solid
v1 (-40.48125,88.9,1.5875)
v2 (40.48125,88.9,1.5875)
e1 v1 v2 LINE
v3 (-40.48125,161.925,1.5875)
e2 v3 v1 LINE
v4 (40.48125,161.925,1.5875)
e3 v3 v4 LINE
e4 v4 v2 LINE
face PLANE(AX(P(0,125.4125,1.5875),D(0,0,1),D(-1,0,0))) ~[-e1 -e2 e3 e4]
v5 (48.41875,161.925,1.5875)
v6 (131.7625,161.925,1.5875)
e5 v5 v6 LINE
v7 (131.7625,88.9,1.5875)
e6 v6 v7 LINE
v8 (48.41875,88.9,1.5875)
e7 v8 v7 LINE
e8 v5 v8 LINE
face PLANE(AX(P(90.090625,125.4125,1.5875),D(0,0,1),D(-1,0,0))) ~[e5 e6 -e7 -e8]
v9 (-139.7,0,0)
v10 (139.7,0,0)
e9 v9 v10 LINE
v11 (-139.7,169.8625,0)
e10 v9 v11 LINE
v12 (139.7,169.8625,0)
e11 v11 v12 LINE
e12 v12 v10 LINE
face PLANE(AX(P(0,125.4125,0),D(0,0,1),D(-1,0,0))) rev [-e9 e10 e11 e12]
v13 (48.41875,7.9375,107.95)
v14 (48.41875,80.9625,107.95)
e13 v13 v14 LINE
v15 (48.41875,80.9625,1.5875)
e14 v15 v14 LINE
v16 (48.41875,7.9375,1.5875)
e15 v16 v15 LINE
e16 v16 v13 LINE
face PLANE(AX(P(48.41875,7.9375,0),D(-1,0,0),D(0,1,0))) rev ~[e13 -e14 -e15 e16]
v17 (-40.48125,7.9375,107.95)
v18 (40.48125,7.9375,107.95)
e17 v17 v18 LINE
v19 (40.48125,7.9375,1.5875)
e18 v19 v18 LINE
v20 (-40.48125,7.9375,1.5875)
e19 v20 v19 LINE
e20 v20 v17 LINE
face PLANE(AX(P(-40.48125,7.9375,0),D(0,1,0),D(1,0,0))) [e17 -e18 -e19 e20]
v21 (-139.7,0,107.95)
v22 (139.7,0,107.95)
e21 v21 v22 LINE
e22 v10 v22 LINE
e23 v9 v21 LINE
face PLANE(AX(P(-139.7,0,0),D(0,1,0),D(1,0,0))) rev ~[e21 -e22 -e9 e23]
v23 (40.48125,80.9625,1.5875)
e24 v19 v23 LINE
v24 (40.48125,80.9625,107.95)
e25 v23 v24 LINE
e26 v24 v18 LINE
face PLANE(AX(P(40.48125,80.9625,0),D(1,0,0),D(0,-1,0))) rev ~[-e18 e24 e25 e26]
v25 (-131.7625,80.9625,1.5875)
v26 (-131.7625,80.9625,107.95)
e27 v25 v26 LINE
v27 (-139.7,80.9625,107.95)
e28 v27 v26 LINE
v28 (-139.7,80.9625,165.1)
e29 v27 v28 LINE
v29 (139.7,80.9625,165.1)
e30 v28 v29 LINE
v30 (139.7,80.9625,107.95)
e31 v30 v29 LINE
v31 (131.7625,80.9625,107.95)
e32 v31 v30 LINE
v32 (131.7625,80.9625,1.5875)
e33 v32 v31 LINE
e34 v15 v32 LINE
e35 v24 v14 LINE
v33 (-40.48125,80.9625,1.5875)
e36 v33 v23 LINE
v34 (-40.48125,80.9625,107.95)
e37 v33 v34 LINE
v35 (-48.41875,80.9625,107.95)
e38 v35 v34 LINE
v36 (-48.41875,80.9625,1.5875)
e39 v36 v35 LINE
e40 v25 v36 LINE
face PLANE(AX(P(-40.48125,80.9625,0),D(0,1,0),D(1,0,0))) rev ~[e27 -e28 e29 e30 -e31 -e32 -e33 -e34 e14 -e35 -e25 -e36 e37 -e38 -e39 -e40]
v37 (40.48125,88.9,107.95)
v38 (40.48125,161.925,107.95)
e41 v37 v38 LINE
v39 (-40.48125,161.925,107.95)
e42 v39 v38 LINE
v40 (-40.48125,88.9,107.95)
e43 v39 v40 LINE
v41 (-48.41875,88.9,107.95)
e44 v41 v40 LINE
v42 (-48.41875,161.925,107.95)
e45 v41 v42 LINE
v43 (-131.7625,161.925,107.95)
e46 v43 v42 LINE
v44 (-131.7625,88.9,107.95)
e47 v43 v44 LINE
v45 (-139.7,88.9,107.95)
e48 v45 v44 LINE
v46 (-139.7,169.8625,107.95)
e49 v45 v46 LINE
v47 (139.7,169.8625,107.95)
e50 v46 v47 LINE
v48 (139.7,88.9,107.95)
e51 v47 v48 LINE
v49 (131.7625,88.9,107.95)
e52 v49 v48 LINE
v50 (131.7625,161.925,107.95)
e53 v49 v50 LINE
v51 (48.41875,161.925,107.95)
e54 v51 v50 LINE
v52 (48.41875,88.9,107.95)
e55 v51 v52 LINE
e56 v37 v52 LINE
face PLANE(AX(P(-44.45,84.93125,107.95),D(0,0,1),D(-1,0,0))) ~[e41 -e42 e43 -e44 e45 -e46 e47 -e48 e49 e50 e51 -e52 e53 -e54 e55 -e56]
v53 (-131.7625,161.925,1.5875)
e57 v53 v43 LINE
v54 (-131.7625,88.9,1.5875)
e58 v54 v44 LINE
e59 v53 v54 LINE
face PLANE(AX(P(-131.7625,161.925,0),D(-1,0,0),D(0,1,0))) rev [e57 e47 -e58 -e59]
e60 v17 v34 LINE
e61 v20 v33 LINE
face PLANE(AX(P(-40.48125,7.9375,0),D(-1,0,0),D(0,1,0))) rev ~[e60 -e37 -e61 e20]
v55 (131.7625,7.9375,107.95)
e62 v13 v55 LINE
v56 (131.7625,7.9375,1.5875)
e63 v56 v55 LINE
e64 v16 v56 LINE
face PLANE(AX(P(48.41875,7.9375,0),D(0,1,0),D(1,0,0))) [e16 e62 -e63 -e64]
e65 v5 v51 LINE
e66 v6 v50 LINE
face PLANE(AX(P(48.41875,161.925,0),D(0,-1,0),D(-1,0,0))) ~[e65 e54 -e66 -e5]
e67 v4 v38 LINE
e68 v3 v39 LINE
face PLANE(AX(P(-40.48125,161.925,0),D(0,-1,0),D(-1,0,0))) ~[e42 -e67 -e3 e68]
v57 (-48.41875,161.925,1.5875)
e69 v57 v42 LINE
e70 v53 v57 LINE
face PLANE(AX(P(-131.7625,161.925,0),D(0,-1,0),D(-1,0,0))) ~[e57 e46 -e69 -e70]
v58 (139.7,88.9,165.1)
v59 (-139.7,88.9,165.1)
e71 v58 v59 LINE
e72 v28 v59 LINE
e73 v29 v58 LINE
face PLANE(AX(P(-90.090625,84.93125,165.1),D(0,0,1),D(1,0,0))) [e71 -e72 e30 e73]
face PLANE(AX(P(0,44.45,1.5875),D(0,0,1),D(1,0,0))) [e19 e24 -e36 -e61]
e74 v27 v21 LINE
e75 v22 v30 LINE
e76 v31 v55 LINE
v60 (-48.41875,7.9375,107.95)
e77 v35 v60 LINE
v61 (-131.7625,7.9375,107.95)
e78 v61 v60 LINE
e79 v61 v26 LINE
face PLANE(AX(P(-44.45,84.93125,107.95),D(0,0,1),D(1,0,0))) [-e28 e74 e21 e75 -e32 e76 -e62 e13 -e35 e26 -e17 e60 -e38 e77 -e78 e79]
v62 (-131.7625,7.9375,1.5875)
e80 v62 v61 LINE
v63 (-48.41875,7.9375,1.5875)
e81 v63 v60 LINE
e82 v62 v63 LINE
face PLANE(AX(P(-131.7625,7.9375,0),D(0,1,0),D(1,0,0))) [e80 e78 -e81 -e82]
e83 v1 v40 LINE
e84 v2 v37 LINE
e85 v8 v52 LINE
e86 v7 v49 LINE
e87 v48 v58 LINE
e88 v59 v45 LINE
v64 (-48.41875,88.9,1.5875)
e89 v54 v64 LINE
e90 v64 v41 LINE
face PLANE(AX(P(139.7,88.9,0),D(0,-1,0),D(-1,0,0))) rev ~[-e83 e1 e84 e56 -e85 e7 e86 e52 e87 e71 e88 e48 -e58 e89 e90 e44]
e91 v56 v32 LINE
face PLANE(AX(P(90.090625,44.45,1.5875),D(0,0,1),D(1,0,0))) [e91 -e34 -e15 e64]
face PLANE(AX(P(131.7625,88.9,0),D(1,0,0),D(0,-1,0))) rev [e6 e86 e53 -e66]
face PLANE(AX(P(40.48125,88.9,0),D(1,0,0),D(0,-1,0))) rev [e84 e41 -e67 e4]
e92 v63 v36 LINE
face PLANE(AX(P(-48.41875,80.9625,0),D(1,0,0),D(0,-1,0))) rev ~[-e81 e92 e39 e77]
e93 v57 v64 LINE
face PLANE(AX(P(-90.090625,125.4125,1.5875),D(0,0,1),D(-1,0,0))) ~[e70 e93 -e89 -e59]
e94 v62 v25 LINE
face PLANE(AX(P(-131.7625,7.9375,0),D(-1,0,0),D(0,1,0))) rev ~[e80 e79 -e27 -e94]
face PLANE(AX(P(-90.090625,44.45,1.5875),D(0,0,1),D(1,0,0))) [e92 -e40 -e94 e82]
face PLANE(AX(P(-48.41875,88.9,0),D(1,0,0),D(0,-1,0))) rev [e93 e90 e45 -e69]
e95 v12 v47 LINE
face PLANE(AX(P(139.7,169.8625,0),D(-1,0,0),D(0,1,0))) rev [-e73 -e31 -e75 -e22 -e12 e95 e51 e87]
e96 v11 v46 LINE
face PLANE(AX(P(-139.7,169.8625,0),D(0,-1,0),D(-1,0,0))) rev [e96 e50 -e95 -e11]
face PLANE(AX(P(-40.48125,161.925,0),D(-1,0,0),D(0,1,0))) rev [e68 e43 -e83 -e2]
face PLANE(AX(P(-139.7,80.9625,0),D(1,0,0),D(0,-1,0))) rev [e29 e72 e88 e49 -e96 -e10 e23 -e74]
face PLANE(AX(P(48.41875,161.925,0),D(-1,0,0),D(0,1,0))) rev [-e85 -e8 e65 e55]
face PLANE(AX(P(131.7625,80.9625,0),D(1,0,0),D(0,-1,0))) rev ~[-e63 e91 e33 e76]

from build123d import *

# Parameters (mm, degrees)
F0_W     = 83.34375
F0_H     = 7.9375
F0_W_2   = 80.9625
F0_W_3   = 7.9375
F1_DEPTH = 165.1
F0_H_2   = 73.025
F2_DEPTH = 1.5875
F3_DEPTH = 107.95


with BuildPart() as f1:
    # F0 (on Top) → F1 (new body)
    with BuildSketch(Plane.XY):
        with Locations((-90.090625, 84.93125)):
            Rectangle(F0_W, F0_H)
        with Locations((0, 84.93125)):
            Rectangle(F0_W_2, F0_H)
        Polygon((-48.41875, 88.9), (-48.41875, 80.9625), (-40.48125, 80.9625), (-40.48125, 88.9), (-44.45, 88.9), align=None)
        with Locations((-135.73125, 84.93125)):
            Rectangle(F0_W_3, F0_H)
        Polygon((40.48125, 88.9), (40.48125, 80.9625), (48.41875, 80.9625), (48.41875, 88.9), (44.45, 88.9), align=None)
        with Locations((90.090625, 84.93125)):
            Rectangle(F0_W, F0_H)
        with Locations((135.73125, 84.93125)):
            Rectangle(F0_W_3, F0_H)
    extrude(amount=F1_DEPTH)


with BuildPart() as f2:
    # F0 (on Top) → F2 (new body)
    with BuildSketch(Plane.XY):
        with Locations((-90.090625, 44.45)):
            Rectangle(F0_W, F0_H_2)
    extrude(amount=F2_DEPTH)


with BuildPart() as f2b:
    # F0 (on Top) → F2, piece 2 (new body)
    with BuildSketch(Plane.XY):
        with Locations((0, 44.45)):
            Rectangle(F0_W_2, F0_H_2)
    extrude(amount=F2_DEPTH)


with BuildPart() as f2c:
    # F0 (on Top) → F2, piece 3 (new body)
    with BuildSketch(Plane.XY):
        with Locations((90.090625, 44.45)):
            Rectangle(F0_W, F0_H_2)
    extrude(amount=F2_DEPTH)


with BuildPart() as f3:
    # F0 (on Top) → F3 (new body)
    with BuildSketch(Plane.XY):
        Polygon((-48.41875, 88.9), (-48.41875, 80.9625), (-40.48125, 80.9625), (-40.48125, 88.9), (-44.45, 88.9), align=None)
        with Locations((-44.45, 44.45)):
            Rectangle(F0_W_3, F0_H_2)
        Polygon((-48.41875, 7.9375), (-48.41875, 0), (-44.45, 0), (-40.48125, 0), (-40.48125, 7.9375), align=None)
        Polygon((40.48125, 7.9375), (40.48125, 0), (44.45, 0), (48.41875, 0), (48.41875, 7.9375), align=None)
        with Locations((44.45, 44.45)):
            Rectangle(F0_W_3, F0_H_2)
        Polygon((40.48125, 88.9), (40.48125, 80.9625), (48.41875, 80.9625), (48.41875, 88.9), (44.45, 88.9), align=None)
        with Locations((135.73125, 44.45)):
            Rectangle(F0_W_3, F0_H_2)
        with Locations((-135.73125, 44.45)):
            Rectangle(F0_W_3, F0_H_2)
        with Locations((-90.090625, 3.96875)):
            Rectangle(F0_W, F0_H)
        Polygon((-139.7, 5.3547988646), (-139.7, 0), (-131.7625, 0), (-131.7625, 7.9375), (-139.7, 7.9375), align=None)
        with Locations((-135.73125, 84.93125)):
            Rectangle(F0_W_3, F0_H)
        with Locations((-90.090625, 84.93125)):
            Rectangle(F0_W, F0_H)
        with Locations((0, 84.93125)):
            Rectangle(F0_W_2, F0_H)
        with Locations((0, 3.96875)):
            Rectangle(F0_W_2, F0_H)
        with Locations((90.090625, 3.96875)):
            Rectangle(F0_W, F0_H)
        with Locations((135.73125, 3.96875)):
            Rectangle(F0_W_3, F0_H)
        with Locations((135.73125, 84.93125)):
            Rectangle(F0_W_3, F0_H)
        with Locations((90.090625, 84.93125)):
            Rectangle(F0_W, F0_H)
    extrude(amount=F3_DEPTH)


with BuildPart() as f1_1:
    add(f1.part)

    # F4: union F2c, F2, F3, F2b
    add(f2c.part)
    add(f2.part)
    add(f3.part)
    add(f2b.part)

    # F6: F1 across plane


with BuildPart() as f1_2:
    add(f1_1.part)
    add(f1_1.part.mirror(Plane.XZ.offset(-84.93125)))


solid = f1_2.part
